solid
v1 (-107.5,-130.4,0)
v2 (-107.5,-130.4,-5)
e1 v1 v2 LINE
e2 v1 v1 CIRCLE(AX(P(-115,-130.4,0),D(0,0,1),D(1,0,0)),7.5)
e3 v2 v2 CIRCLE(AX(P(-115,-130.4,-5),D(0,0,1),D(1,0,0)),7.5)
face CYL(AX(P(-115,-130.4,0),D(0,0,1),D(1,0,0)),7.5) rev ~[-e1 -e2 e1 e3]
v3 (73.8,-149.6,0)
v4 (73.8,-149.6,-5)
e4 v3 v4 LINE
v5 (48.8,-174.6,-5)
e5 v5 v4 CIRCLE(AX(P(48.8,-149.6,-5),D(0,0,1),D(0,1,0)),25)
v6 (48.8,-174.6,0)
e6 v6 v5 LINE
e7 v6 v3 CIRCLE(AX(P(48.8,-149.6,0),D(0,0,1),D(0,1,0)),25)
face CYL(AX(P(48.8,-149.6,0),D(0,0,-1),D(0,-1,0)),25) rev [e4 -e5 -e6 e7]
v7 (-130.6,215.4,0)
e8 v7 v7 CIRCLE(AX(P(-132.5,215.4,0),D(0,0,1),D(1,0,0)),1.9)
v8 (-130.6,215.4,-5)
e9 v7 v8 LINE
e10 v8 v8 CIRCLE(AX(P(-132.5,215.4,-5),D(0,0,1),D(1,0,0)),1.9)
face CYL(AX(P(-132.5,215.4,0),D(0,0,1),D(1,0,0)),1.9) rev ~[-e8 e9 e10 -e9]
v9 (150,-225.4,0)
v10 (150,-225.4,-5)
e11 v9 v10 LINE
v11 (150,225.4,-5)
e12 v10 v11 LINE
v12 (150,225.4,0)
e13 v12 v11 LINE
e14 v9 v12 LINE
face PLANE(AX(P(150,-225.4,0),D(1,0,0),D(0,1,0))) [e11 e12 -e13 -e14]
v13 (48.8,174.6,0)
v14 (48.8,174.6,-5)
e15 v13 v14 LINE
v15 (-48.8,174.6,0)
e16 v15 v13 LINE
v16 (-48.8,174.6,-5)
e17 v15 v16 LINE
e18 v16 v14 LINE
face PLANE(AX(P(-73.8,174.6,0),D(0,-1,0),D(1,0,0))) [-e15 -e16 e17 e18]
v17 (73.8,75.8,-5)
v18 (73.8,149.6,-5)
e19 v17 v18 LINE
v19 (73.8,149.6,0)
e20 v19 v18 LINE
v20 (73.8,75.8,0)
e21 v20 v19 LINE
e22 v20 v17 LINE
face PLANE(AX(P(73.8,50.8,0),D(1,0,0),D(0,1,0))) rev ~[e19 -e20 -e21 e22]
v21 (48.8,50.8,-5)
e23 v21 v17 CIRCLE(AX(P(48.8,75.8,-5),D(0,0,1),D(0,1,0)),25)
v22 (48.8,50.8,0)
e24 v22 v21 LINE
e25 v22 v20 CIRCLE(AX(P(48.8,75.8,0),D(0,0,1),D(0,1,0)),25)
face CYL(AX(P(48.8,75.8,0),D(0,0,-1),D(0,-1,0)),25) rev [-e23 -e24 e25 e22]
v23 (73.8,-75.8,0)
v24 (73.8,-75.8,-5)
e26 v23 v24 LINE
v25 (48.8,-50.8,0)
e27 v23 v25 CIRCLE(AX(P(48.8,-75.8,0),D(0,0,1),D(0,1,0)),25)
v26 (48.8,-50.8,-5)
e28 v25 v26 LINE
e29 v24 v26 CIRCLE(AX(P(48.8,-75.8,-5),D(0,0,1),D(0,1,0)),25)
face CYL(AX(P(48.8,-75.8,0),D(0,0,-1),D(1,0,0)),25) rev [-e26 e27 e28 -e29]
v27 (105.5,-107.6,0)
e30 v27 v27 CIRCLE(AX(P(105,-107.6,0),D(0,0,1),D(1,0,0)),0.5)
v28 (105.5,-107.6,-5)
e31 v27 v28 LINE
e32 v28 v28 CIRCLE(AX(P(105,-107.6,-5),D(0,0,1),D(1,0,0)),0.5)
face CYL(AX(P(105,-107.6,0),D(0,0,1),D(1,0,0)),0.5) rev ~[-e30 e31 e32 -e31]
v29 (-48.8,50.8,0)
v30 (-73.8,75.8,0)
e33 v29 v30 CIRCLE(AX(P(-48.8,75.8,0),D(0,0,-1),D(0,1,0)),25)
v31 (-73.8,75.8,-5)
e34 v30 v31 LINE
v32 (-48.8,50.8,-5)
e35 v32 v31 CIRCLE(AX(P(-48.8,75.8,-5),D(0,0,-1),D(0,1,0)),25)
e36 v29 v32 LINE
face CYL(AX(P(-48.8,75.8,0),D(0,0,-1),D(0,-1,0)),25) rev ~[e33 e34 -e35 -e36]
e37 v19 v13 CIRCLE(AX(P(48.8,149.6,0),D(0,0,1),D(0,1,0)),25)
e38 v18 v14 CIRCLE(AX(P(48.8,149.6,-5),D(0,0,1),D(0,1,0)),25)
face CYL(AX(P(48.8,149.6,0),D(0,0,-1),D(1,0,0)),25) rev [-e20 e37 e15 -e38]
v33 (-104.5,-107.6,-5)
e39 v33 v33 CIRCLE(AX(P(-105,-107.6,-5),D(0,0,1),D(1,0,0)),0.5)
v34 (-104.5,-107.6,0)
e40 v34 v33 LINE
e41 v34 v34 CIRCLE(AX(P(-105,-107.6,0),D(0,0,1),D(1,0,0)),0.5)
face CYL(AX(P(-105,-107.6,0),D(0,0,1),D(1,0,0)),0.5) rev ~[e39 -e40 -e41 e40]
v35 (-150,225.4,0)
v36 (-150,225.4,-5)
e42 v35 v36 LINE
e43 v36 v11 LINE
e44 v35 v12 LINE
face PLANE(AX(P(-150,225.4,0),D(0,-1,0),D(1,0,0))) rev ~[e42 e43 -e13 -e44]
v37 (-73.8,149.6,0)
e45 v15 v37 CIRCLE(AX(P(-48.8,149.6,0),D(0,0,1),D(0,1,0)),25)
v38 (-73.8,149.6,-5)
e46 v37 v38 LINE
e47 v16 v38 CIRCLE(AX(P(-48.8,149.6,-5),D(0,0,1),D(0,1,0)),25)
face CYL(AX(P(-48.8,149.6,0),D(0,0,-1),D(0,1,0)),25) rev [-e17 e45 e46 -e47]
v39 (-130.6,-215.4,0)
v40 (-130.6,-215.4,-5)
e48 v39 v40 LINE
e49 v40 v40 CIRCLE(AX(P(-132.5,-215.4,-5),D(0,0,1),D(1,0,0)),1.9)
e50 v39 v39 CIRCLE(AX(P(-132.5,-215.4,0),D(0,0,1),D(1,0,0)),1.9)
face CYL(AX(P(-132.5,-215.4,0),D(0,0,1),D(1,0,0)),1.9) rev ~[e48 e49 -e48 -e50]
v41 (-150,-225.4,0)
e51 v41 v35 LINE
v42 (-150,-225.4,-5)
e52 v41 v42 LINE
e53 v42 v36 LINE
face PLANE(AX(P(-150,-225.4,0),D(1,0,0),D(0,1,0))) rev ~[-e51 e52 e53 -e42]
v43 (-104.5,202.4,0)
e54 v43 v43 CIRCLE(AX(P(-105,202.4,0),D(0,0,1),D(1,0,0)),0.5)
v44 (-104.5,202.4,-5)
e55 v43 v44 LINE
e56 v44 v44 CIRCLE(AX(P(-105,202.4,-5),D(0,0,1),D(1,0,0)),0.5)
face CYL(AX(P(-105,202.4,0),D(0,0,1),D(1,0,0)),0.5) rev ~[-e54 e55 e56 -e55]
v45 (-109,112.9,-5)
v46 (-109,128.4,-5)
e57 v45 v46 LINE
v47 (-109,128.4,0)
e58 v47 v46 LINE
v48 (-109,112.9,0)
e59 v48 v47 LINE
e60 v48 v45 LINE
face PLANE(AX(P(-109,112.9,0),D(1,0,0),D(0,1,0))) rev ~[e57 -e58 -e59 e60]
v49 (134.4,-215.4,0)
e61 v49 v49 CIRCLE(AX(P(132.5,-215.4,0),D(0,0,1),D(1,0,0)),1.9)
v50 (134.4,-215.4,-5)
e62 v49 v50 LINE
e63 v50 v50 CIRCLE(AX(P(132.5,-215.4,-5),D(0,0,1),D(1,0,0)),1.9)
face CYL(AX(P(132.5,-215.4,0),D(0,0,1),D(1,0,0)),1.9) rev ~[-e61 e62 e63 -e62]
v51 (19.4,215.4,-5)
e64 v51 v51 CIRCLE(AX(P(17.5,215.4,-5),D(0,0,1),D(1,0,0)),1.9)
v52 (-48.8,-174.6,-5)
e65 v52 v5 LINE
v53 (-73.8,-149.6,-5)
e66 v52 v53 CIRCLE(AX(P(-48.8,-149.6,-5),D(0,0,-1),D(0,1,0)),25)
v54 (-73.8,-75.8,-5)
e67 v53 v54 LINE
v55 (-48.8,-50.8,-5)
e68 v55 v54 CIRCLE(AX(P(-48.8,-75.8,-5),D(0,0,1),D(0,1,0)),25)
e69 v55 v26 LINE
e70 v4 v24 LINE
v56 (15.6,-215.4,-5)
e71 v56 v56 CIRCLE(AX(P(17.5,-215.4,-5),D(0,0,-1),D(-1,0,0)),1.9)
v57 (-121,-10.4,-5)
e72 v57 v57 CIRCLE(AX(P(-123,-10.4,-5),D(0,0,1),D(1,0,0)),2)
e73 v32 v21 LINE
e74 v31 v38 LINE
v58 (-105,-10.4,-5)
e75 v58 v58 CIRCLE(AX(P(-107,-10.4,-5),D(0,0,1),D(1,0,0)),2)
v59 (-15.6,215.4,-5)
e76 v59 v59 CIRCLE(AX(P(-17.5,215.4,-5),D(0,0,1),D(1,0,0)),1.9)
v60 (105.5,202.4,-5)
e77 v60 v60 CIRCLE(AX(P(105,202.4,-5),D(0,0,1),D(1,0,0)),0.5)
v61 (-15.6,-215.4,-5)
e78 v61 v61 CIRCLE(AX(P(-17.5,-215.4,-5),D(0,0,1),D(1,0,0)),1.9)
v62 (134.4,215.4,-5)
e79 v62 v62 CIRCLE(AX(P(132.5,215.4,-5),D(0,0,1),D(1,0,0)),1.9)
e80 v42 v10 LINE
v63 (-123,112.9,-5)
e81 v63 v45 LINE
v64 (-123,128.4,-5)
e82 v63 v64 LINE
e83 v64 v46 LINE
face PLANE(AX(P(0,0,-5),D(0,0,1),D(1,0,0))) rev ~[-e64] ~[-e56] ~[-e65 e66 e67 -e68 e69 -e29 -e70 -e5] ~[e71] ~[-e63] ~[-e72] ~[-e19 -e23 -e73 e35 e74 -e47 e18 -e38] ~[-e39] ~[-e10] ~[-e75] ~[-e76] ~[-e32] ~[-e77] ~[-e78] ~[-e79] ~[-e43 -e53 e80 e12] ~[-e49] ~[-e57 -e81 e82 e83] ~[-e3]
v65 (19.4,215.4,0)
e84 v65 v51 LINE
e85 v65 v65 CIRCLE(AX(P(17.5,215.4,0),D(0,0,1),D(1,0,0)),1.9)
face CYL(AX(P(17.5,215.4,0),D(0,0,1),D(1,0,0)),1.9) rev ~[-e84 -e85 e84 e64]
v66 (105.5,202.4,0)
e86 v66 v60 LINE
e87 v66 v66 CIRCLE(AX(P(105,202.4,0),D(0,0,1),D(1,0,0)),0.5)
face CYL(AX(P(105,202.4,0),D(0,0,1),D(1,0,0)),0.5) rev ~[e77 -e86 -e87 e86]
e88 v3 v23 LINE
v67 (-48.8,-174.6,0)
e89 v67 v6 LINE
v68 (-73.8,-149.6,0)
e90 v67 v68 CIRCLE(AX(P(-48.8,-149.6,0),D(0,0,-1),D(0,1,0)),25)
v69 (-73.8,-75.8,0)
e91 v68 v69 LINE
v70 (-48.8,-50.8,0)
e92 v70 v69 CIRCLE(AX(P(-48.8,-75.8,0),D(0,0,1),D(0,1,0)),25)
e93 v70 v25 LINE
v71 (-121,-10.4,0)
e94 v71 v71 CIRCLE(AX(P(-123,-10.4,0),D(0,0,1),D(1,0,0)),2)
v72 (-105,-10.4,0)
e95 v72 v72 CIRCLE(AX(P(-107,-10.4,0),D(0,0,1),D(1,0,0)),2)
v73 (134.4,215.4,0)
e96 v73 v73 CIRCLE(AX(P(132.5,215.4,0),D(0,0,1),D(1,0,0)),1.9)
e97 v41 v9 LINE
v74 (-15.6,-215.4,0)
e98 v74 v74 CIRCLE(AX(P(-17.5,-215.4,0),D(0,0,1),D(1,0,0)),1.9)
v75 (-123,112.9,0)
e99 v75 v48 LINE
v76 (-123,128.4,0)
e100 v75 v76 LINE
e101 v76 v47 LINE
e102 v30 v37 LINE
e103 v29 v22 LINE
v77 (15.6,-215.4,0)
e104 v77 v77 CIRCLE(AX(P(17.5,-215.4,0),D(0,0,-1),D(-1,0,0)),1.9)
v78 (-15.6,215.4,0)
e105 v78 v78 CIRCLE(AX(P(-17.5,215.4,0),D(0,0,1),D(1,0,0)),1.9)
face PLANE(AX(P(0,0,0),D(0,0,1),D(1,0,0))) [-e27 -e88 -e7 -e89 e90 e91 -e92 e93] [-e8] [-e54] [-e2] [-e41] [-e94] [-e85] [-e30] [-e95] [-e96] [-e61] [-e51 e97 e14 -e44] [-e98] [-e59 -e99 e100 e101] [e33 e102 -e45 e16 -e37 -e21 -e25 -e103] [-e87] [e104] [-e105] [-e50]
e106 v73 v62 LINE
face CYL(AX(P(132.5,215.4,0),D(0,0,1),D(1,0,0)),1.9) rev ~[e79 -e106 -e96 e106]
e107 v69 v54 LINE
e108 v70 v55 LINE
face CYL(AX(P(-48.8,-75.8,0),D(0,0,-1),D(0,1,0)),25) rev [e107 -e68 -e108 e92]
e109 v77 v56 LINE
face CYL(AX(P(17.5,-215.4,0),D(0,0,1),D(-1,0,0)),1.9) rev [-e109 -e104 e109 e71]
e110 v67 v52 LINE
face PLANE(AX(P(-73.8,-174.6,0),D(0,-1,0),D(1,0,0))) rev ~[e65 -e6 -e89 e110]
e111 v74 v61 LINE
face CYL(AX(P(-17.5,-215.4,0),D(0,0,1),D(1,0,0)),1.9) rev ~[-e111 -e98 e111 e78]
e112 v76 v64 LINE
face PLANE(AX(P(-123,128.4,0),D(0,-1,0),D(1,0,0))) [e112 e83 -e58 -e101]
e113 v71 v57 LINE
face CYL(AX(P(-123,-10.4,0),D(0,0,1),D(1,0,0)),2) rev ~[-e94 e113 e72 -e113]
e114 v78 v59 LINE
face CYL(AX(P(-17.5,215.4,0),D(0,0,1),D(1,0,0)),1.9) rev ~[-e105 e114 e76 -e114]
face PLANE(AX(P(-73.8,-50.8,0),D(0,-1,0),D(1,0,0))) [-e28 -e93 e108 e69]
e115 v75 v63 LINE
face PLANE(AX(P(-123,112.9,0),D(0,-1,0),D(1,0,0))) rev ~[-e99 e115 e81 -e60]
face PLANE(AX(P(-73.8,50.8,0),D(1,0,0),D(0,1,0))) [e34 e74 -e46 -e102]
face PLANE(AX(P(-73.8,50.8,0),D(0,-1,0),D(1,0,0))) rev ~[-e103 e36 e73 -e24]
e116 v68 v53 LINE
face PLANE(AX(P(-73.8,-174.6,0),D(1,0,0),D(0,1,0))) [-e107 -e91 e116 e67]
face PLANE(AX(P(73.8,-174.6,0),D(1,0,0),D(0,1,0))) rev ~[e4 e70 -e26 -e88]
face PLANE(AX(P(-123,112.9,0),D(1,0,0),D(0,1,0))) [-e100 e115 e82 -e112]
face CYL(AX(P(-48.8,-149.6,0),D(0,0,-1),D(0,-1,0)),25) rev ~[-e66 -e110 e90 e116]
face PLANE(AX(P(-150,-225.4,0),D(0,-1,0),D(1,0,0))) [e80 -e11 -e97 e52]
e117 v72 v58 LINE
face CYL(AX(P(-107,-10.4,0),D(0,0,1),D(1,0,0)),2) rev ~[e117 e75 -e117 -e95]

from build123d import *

# Parameters (mm, degrees)
F0_W      = 300
F0_H      = 450.8
F0_R      = 1.9
F2_DEPTH  = 5
F1_R      = 0.5
F3_DEPTH  = 25
F4_W      = 147.6
F4_H      = 123.8
F5_DEPTH  = 25
F6_R      = 25
F7_W      = 14
F7_H      = 15.5
F8_DEPTH  = 25
F9_R      = 7.5
F10_DEPTH = 25
F9_R_2    = 2
F11_DEPTH = 25


with BuildPart() as f2:
    # F0 (on Top) → F2 (new body)
    with BuildSketch(Plane.XY):
        Rectangle(F0_W, F0_H)
        with Locations((-132.5, -215.4)):
            Circle(F0_R, mode=Mode.SUBTRACT)
        with Locations((-17.5, -215.4)):
            Circle(F0_R, mode=Mode.SUBTRACT)
        with BuildLine():
            ThreePointArc((19.4, -215.4), (17.5, -217.3), (15.6, -215.4))
            ThreePointArc((15.6, -215.4), (17.5, -213.5), (19.4, -215.4))
        make_face(mode=Mode.SUBTRACT)
        with Locations((132.5, -215.4)):
            Circle(F0_R, mode=Mode.SUBTRACT)
        with Locations((-132.5, 215.4)):
            Circle(F0_R, mode=Mode.SUBTRACT)
        with Locations((-17.5, 215.4)):
            Circle(F0_R, mode=Mode.SUBTRACT)
        with Locations((17.5, 215.4)):
            Circle(F0_R, mode=Mode.SUBTRACT)
        with Locations((132.5, 215.4)):
            Circle(F0_R, mode=Mode.SUBTRACT)
    extrude(amount=-F2_DEPTH)

    # F1 (on Top) → F3 (cut)
    with BuildSketch(Plane.XY):
        with Locations((-105, 202.4)):
            Circle(F1_R)
        with Locations((105, 202.4)):
            Circle(F1_R)
        with Locations((105, -107.6)):
            Circle(F1_R)
        with Locations((-105, -107.6)):
            Circle(F1_R)
    extrude(amount=-F3_DEPTH, mode=Mode.SUBTRACT)

    # F4 (on face) → F5 (cut)
    with BuildSketch(Plane.XY):
        with Locations((0, 112.7)):
            Rectangle(F4_W, F4_H)
        with Locations((0, -112.7)):
            Rectangle(F4_W, F4_H)
    extrude(amount=-F5_DEPTH, mode=Mode.SUBTRACT)

    # F6
    f6_edges = [f2.edges().sort_by_distance(p)[0] for p in [
        (-73.8, 174.6, -2.5),
        (73.8, 174.6, -2.5),
        (-73.8, 50.8, -2.5),
        (73.8, 50.8, -2.5),
        (-73.8, -50.8, -2.5),
        (73.8, -50.8, -2.5),
        (73.8, -174.6, -2.5),
        (-73.8, -174.6, -2.5),
    ]]
    fillet(f6_edges, radius=F6_R)

    # F7 (on face) → F8 (cut)
    with BuildSketch(Plane.XY):
        with Locations((-116, 120.65)):
            Rectangle(F7_W, F7_H)
    extrude(amount=-F8_DEPTH, mode=Mode.SUBTRACT)

    # F9 (on face) → F10 (cut)
    with BuildSketch(Plane.XY):
        with Locations((-115, -130.4)):
            Circle(F9_R)
    extrude(amount=-F10_DEPTH, mode=Mode.SUBTRACT)

    # F9 (on face) → F11 (cut)
    with BuildSketch(Plane.XY):
        with Locations((-107, -10.4)):
            Circle(F9_R_2)
        with Locations((-123, -10.4)):
            Circle(F9_R_2)
    extrude(amount=-F11_DEPTH, mode=Mode.SUBTRACT)


solid = f2.part
